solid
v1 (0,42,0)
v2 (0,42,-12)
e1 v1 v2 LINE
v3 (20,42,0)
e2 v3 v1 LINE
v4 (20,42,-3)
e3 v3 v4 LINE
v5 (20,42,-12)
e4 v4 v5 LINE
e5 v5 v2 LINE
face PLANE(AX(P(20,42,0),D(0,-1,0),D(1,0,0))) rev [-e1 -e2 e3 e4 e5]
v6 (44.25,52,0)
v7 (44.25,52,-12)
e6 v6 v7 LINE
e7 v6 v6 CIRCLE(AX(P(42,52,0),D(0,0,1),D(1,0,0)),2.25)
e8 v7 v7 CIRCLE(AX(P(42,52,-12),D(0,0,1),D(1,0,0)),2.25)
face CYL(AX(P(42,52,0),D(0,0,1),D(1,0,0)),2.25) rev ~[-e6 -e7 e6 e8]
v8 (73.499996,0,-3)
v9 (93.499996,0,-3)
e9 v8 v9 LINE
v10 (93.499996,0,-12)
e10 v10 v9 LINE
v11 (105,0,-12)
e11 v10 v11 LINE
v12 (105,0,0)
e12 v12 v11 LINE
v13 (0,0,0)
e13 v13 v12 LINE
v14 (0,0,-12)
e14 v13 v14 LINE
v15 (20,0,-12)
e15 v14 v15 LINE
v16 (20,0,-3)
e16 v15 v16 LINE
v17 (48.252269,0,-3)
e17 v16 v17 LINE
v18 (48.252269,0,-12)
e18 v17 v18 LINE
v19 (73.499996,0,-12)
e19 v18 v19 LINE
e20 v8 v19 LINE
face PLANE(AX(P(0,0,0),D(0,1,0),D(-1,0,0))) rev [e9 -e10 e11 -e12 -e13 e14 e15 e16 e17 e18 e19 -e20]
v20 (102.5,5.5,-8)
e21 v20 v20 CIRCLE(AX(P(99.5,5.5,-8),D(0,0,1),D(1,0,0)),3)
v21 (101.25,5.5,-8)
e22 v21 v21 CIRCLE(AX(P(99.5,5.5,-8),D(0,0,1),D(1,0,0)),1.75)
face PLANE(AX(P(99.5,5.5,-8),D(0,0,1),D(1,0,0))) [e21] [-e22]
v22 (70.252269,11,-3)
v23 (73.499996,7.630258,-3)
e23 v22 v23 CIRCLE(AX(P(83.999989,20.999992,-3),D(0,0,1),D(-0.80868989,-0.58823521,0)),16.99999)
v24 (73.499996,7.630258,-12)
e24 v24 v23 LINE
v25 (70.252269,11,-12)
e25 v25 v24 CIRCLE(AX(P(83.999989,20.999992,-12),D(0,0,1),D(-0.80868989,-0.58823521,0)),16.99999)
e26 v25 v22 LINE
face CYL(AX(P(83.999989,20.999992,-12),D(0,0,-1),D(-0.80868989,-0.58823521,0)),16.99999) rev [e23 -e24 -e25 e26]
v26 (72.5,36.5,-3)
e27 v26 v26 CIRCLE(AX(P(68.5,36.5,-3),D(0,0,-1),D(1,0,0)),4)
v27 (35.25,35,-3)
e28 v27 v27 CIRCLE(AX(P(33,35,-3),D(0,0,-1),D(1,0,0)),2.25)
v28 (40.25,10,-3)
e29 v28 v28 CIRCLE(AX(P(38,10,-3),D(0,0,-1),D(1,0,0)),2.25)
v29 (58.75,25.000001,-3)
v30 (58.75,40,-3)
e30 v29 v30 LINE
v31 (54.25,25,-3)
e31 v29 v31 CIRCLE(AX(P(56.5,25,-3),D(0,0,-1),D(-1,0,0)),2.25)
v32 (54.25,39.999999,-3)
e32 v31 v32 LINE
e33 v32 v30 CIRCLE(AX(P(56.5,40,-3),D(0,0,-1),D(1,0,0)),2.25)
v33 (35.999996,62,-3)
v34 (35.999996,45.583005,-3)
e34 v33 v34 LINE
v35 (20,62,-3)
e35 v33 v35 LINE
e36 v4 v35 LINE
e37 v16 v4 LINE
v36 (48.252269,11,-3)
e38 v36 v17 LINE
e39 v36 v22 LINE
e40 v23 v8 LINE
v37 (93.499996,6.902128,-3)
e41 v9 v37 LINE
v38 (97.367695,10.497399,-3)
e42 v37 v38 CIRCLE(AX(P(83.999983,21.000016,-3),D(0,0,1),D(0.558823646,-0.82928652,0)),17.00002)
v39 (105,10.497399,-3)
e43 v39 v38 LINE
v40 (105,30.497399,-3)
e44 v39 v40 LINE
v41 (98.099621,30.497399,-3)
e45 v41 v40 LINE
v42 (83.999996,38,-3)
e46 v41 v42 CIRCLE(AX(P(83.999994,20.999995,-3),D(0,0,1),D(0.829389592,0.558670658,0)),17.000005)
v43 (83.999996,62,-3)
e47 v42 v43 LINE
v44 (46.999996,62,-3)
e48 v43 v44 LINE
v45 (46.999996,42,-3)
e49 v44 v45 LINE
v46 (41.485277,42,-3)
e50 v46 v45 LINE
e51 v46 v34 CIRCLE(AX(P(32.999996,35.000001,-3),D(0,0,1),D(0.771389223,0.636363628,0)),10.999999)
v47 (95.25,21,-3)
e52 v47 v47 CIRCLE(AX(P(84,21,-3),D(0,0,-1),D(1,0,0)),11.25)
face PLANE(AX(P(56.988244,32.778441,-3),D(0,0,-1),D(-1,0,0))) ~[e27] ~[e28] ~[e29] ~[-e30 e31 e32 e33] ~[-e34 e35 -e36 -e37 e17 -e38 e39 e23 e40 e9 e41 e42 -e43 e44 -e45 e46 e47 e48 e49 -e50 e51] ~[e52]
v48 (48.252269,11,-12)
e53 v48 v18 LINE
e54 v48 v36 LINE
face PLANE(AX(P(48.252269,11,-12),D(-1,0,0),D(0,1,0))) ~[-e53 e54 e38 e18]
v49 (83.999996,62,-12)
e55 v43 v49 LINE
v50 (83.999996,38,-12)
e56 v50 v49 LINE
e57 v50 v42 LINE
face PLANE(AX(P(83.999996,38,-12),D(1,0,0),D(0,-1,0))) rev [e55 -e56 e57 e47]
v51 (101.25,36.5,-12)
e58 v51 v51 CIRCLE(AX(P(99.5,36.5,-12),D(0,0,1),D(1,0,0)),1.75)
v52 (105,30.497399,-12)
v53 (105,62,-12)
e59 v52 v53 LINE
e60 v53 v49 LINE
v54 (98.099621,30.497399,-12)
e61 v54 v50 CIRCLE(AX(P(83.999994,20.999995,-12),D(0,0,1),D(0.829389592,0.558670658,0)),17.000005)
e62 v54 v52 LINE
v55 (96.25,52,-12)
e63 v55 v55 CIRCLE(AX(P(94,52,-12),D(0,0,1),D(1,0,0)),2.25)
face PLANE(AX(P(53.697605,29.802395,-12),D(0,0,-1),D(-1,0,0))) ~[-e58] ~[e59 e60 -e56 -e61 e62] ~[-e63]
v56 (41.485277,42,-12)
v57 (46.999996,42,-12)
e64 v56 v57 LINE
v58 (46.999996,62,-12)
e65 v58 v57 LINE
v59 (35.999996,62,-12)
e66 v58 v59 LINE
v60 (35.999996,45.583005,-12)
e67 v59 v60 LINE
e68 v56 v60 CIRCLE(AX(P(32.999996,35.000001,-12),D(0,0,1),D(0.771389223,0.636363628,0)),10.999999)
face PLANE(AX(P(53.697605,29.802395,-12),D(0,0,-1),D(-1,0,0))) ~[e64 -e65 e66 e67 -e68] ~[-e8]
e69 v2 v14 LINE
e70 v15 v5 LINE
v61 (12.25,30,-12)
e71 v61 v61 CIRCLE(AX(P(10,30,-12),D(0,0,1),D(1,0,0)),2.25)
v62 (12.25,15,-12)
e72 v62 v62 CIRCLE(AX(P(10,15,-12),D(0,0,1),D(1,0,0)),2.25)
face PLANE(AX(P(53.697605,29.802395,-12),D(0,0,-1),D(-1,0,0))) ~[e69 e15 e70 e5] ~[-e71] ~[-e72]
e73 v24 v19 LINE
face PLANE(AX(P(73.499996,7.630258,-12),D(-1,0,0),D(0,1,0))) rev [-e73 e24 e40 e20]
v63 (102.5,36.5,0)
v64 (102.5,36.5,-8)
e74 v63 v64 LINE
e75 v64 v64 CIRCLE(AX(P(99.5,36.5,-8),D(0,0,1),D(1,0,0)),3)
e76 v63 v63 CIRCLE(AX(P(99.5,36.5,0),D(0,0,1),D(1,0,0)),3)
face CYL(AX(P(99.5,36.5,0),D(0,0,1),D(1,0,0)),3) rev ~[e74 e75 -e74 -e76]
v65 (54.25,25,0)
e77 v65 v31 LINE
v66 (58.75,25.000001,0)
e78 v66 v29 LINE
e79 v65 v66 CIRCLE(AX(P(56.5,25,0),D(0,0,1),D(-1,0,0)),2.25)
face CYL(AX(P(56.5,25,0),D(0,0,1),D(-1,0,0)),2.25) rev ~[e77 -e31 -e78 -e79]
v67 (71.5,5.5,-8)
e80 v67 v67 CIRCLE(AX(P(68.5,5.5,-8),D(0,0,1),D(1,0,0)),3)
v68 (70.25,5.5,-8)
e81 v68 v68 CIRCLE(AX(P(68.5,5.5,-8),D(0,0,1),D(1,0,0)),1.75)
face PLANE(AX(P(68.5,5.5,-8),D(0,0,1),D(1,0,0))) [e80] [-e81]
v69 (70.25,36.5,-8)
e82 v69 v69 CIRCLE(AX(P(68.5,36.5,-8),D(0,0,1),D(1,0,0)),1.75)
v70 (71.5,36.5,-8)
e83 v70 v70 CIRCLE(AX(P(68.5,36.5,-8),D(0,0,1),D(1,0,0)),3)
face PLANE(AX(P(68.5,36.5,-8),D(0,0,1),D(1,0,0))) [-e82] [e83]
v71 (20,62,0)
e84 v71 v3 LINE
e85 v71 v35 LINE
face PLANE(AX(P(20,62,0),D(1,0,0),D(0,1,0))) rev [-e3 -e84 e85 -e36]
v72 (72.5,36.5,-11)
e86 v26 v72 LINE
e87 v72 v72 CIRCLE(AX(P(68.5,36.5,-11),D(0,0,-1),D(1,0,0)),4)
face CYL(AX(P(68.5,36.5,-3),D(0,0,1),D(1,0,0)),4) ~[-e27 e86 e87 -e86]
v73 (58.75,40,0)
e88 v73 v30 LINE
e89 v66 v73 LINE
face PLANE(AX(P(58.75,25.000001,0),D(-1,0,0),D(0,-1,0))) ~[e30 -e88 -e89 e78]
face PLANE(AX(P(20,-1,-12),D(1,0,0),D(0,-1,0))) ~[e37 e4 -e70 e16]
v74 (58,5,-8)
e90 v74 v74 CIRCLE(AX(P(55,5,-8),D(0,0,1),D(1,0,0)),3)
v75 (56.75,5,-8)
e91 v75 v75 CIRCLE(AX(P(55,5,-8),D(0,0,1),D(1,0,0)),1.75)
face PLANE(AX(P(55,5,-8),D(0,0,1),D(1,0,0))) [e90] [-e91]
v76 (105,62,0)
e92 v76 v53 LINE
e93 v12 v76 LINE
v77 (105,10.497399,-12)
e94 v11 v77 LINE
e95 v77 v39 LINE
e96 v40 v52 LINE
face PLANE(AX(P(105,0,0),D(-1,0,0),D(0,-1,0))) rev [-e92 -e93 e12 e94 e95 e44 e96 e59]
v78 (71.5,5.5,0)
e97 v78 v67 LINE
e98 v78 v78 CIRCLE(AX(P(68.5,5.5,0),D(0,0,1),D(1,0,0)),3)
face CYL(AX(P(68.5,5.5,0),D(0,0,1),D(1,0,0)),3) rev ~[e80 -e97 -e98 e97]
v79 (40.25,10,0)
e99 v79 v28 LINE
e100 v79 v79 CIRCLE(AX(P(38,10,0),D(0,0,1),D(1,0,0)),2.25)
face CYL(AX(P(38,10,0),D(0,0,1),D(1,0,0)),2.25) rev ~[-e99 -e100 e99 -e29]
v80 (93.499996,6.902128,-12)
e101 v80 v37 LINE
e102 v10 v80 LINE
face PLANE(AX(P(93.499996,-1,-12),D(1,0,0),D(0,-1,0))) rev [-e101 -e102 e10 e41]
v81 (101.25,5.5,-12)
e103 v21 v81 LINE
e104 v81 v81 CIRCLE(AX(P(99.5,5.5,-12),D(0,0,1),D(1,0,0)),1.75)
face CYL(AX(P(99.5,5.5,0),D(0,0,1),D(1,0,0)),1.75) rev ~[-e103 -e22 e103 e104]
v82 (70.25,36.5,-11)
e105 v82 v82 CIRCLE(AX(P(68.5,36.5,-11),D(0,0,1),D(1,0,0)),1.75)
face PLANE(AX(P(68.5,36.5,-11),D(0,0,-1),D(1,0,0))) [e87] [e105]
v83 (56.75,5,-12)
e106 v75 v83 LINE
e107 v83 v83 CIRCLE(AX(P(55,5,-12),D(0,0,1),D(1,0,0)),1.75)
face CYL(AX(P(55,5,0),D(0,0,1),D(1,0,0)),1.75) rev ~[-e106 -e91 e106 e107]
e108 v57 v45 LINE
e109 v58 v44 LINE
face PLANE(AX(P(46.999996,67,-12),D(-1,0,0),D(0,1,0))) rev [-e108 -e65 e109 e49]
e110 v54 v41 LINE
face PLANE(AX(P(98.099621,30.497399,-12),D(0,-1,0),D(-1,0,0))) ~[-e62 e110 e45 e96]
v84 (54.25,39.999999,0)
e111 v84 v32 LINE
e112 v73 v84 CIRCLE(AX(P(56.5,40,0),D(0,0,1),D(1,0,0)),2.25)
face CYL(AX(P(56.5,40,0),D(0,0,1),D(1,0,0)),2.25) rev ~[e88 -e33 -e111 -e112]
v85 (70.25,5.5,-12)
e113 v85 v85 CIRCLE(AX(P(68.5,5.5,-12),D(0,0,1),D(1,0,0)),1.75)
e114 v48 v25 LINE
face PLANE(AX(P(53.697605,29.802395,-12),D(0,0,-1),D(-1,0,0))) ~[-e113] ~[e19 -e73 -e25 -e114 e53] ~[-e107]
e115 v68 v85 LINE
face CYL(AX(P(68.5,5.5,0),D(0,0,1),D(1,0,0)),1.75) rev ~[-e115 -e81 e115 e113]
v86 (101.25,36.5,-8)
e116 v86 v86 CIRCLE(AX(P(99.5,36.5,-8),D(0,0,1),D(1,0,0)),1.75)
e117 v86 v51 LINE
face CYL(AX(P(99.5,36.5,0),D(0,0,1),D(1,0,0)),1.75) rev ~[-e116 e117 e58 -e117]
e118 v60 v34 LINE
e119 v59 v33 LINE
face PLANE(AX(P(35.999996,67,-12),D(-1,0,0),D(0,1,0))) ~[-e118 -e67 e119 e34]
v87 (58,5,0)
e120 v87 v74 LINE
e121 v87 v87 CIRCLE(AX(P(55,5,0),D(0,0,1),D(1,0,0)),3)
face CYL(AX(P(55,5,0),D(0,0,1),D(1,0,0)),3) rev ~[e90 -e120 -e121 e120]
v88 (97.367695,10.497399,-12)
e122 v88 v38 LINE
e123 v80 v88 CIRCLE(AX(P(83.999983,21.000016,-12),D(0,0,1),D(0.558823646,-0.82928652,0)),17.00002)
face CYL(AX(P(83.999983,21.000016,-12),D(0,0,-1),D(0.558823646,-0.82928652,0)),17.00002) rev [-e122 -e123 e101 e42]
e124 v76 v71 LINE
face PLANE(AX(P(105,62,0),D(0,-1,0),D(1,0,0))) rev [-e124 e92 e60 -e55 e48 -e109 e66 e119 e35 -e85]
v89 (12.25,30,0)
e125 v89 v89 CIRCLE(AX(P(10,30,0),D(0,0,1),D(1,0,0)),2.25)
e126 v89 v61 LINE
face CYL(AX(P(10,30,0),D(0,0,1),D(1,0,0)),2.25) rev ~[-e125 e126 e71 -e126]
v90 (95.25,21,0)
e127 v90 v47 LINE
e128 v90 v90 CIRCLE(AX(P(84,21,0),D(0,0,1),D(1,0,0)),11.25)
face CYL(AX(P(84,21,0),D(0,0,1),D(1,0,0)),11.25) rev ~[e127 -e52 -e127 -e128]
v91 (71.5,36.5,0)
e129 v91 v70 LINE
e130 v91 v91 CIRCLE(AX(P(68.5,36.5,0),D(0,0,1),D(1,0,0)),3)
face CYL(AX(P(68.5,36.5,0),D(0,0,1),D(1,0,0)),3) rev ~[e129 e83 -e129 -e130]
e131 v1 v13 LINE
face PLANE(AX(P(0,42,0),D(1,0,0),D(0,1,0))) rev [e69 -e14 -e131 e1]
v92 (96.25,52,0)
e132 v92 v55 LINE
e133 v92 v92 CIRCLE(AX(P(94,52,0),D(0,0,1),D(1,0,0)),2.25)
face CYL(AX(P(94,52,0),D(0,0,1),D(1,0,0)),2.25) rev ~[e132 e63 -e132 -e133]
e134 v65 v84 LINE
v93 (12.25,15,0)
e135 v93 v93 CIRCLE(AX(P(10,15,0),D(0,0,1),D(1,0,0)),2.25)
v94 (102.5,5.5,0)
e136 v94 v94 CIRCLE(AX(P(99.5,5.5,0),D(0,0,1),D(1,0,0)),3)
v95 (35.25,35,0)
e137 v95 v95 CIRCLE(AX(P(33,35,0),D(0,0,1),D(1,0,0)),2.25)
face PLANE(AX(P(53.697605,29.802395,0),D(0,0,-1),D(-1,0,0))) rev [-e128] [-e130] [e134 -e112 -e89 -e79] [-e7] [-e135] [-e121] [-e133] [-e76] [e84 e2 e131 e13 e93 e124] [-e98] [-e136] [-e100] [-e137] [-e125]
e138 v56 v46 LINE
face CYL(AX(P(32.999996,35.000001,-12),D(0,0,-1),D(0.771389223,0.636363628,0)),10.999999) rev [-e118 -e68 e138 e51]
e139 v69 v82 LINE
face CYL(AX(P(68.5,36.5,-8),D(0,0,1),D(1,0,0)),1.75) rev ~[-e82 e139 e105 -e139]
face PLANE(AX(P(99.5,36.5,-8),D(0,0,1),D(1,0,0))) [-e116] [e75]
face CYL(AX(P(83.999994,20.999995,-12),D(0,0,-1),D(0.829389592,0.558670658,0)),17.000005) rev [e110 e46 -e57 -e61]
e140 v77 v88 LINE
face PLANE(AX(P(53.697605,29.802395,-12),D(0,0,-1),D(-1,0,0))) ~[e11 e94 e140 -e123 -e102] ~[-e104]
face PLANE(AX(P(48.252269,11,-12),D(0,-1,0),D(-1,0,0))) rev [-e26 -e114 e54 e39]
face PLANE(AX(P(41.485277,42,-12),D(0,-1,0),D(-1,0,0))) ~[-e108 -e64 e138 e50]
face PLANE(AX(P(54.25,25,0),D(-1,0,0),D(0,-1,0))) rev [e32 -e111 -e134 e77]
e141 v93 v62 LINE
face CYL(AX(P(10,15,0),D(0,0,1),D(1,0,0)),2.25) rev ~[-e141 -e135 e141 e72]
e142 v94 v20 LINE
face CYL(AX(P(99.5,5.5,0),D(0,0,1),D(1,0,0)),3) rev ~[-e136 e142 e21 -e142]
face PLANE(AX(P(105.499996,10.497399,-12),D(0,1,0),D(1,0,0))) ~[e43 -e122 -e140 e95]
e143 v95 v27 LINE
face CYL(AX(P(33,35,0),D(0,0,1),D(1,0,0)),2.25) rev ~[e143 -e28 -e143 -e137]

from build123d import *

# Parameters (mm, degrees)
SKETCH_R        = 2.25
SKETCH_R_2      = 11.25
SKETCH_R_3      = 1.75
PAD_DEPTH       = 12
POCKET_DEPTH    = 9
SKETCH002_R     = 4
PAD001_DEPTH    = 8
SKETCH003_R     = 3
POCKET001_DEPTH = 8
SKETCH004_R     = 1.75
POCKET002_DEPTH = 5


with BuildPart() as pocket_belt_path:
    # Sketch → Pad (new body)
    with BuildSketch(Plane.XY):
        Polygon((0, 0), (105, 0), (105, 62), (20, 62), (20, 42), (0, 42), align=None)
        with Locations((38, 10)):
            Circle(SKETCH_R, mode=Mode.SUBTRACT)
        with Locations((33, 35)):
            Circle(SKETCH_R, mode=Mode.SUBTRACT)
        with Locations((84, 21)):
            Circle(SKETCH_R_2, mode=Mode.SUBTRACT)
        with Locations((68.5, 36.5)):
            Circle(SKETCH_R_3, mode=Mode.SUBTRACT)
        with Locations((99.5, 36.5)):
            Circle(SKETCH_R_3, mode=Mode.SUBTRACT)
        with Locations((68.5, 5.5)):
            Circle(SKETCH_R_3, mode=Mode.SUBTRACT)
        with Locations((99.5, 5.5)):
            Circle(SKETCH_R_3, mode=Mode.SUBTRACT)
        with Locations((10, 30)):
            Circle(SKETCH_R, mode=Mode.SUBTRACT)
        with Locations((10, 15)):
            Circle(SKETCH_R, mode=Mode.SUBTRACT)
        with Locations((42, 52)):
            Circle(SKETCH_R, mode=Mode.SUBTRACT)
        with Locations((94, 52)):
            Circle(SKETCH_R, mode=Mode.SUBTRACT)
        with Locations((55, 5)):
            Circle(SKETCH_R_3, mode=Mode.SUBTRACT)
        with BuildLine():
            Line((58.75, 25.000001), (58.75, 40))
            ThreePointArc((58.75, 40), (56.5, 42.25), (54.25, 39.999999))
            Line((54.25, 25), (54.25, 39.999999))
            ThreePointArc((54.25, 25), (56.5, 22.75), (58.75, 25.000001))
        make_face(mode=Mode.SUBTRACT)
    extrude(amount=PAD_DEPTH)

    # Sketch001 → Pocket (cut)
    with BuildSketch(Plane.XY.offset(12)):
        with BuildLine():
            ThreePointArc((41.485277, 42), (39.015593, 44.209375), (35.999996, 45.583005))
            Line((35.999996, 67), (35.999996, 45.583005))
            Line((20, 67), (35.999996, 67))
            Line((20, -1), (20, 67))
            Line((20, -1), (48.252269, -1))
            Line((48.252269, 11), (48.252269, -1))
            Line((48.252269, 11), (70.252269, 11))
            ThreePointArc((70.252269, 11), (71.759618, 9.202833), (73.499996, 7.630258))
            Line((73.499996, 7.630258), (73.499996, -1))
            Line((73.499996, -1), (93.499996, -1))
            Line((93.499996, -1), (93.499996, 6.902128))
            ThreePointArc((93.499996, 6.902128), (95.574295, 8.548671), (97.367695, 10.497399))
            Line((105.499996, 10.497399), (97.367695, 10.497399))
            Line((105.499996, 30.497399), (105.499996, 10.497399))
            Line((98.099621, 30.497399), (105.499996, 30.497399))
            ThreePointArc((98.099621, 30.497399), (91.98574, 36.007594), (83.999996, 38))
            Line((83.999996, 38), (83.999996, 67))
            Line((83.999996, 67), (46.999996, 67))
            Line((46.999996, 67), (46.999996, 42))
            Line((41.485277, 42), (46.999996, 42))
        make_face()
    extrude(amount=-POCKET_DEPTH, mode=Mode.SUBTRACT)


with BuildPart() as pocket002:
    # Part__Mirroring: instance of Pocket belt path
    add(pocket_belt_path.part.mirror(Plane(origin=(52.5, 31, 0), x_dir=(0, 1, 0), z_dir=(0, 0, 1))))

    # Sketch002 → Pad001 (new body)
    with BuildSketch(Plane(origin=(0, 0, -3), x_dir=(1, 0, 0), z_dir=(0, 0, -1))):
        with Locations((68.5, -36.5)):
            Circle(SKETCH002_R)
    extrude(amount=PAD001_DEPTH)

    # Sketch003 → Pocket001 (cut)
    with BuildSketch(Plane.XY):
        with Locations((55, 5)):
            Circle(SKETCH003_R)
        with Locations((68.5, 36.5)):
            Circle(SKETCH003_R)
        with Locations((68.5, 5.5)):
            Circle(SKETCH003_R)
        with Locations((99.5, 36.5)):
            Circle(SKETCH003_R)
        with Locations((99.5, 5.5)):
            Circle(SKETCH003_R)
    extrude(amount=-POCKET001_DEPTH, mode=Mode.SUBTRACT)

    # Sketch004 → Pocket002 (cut)
    with BuildSketch(Plane.XY.offset(-8)):
        with Locations((68.5, 36.5)):
            Circle(SKETCH004_R)
    extrude(amount=-POCKET002_DEPTH, mode=Mode.SUBTRACT)


solid = pocket002.part
